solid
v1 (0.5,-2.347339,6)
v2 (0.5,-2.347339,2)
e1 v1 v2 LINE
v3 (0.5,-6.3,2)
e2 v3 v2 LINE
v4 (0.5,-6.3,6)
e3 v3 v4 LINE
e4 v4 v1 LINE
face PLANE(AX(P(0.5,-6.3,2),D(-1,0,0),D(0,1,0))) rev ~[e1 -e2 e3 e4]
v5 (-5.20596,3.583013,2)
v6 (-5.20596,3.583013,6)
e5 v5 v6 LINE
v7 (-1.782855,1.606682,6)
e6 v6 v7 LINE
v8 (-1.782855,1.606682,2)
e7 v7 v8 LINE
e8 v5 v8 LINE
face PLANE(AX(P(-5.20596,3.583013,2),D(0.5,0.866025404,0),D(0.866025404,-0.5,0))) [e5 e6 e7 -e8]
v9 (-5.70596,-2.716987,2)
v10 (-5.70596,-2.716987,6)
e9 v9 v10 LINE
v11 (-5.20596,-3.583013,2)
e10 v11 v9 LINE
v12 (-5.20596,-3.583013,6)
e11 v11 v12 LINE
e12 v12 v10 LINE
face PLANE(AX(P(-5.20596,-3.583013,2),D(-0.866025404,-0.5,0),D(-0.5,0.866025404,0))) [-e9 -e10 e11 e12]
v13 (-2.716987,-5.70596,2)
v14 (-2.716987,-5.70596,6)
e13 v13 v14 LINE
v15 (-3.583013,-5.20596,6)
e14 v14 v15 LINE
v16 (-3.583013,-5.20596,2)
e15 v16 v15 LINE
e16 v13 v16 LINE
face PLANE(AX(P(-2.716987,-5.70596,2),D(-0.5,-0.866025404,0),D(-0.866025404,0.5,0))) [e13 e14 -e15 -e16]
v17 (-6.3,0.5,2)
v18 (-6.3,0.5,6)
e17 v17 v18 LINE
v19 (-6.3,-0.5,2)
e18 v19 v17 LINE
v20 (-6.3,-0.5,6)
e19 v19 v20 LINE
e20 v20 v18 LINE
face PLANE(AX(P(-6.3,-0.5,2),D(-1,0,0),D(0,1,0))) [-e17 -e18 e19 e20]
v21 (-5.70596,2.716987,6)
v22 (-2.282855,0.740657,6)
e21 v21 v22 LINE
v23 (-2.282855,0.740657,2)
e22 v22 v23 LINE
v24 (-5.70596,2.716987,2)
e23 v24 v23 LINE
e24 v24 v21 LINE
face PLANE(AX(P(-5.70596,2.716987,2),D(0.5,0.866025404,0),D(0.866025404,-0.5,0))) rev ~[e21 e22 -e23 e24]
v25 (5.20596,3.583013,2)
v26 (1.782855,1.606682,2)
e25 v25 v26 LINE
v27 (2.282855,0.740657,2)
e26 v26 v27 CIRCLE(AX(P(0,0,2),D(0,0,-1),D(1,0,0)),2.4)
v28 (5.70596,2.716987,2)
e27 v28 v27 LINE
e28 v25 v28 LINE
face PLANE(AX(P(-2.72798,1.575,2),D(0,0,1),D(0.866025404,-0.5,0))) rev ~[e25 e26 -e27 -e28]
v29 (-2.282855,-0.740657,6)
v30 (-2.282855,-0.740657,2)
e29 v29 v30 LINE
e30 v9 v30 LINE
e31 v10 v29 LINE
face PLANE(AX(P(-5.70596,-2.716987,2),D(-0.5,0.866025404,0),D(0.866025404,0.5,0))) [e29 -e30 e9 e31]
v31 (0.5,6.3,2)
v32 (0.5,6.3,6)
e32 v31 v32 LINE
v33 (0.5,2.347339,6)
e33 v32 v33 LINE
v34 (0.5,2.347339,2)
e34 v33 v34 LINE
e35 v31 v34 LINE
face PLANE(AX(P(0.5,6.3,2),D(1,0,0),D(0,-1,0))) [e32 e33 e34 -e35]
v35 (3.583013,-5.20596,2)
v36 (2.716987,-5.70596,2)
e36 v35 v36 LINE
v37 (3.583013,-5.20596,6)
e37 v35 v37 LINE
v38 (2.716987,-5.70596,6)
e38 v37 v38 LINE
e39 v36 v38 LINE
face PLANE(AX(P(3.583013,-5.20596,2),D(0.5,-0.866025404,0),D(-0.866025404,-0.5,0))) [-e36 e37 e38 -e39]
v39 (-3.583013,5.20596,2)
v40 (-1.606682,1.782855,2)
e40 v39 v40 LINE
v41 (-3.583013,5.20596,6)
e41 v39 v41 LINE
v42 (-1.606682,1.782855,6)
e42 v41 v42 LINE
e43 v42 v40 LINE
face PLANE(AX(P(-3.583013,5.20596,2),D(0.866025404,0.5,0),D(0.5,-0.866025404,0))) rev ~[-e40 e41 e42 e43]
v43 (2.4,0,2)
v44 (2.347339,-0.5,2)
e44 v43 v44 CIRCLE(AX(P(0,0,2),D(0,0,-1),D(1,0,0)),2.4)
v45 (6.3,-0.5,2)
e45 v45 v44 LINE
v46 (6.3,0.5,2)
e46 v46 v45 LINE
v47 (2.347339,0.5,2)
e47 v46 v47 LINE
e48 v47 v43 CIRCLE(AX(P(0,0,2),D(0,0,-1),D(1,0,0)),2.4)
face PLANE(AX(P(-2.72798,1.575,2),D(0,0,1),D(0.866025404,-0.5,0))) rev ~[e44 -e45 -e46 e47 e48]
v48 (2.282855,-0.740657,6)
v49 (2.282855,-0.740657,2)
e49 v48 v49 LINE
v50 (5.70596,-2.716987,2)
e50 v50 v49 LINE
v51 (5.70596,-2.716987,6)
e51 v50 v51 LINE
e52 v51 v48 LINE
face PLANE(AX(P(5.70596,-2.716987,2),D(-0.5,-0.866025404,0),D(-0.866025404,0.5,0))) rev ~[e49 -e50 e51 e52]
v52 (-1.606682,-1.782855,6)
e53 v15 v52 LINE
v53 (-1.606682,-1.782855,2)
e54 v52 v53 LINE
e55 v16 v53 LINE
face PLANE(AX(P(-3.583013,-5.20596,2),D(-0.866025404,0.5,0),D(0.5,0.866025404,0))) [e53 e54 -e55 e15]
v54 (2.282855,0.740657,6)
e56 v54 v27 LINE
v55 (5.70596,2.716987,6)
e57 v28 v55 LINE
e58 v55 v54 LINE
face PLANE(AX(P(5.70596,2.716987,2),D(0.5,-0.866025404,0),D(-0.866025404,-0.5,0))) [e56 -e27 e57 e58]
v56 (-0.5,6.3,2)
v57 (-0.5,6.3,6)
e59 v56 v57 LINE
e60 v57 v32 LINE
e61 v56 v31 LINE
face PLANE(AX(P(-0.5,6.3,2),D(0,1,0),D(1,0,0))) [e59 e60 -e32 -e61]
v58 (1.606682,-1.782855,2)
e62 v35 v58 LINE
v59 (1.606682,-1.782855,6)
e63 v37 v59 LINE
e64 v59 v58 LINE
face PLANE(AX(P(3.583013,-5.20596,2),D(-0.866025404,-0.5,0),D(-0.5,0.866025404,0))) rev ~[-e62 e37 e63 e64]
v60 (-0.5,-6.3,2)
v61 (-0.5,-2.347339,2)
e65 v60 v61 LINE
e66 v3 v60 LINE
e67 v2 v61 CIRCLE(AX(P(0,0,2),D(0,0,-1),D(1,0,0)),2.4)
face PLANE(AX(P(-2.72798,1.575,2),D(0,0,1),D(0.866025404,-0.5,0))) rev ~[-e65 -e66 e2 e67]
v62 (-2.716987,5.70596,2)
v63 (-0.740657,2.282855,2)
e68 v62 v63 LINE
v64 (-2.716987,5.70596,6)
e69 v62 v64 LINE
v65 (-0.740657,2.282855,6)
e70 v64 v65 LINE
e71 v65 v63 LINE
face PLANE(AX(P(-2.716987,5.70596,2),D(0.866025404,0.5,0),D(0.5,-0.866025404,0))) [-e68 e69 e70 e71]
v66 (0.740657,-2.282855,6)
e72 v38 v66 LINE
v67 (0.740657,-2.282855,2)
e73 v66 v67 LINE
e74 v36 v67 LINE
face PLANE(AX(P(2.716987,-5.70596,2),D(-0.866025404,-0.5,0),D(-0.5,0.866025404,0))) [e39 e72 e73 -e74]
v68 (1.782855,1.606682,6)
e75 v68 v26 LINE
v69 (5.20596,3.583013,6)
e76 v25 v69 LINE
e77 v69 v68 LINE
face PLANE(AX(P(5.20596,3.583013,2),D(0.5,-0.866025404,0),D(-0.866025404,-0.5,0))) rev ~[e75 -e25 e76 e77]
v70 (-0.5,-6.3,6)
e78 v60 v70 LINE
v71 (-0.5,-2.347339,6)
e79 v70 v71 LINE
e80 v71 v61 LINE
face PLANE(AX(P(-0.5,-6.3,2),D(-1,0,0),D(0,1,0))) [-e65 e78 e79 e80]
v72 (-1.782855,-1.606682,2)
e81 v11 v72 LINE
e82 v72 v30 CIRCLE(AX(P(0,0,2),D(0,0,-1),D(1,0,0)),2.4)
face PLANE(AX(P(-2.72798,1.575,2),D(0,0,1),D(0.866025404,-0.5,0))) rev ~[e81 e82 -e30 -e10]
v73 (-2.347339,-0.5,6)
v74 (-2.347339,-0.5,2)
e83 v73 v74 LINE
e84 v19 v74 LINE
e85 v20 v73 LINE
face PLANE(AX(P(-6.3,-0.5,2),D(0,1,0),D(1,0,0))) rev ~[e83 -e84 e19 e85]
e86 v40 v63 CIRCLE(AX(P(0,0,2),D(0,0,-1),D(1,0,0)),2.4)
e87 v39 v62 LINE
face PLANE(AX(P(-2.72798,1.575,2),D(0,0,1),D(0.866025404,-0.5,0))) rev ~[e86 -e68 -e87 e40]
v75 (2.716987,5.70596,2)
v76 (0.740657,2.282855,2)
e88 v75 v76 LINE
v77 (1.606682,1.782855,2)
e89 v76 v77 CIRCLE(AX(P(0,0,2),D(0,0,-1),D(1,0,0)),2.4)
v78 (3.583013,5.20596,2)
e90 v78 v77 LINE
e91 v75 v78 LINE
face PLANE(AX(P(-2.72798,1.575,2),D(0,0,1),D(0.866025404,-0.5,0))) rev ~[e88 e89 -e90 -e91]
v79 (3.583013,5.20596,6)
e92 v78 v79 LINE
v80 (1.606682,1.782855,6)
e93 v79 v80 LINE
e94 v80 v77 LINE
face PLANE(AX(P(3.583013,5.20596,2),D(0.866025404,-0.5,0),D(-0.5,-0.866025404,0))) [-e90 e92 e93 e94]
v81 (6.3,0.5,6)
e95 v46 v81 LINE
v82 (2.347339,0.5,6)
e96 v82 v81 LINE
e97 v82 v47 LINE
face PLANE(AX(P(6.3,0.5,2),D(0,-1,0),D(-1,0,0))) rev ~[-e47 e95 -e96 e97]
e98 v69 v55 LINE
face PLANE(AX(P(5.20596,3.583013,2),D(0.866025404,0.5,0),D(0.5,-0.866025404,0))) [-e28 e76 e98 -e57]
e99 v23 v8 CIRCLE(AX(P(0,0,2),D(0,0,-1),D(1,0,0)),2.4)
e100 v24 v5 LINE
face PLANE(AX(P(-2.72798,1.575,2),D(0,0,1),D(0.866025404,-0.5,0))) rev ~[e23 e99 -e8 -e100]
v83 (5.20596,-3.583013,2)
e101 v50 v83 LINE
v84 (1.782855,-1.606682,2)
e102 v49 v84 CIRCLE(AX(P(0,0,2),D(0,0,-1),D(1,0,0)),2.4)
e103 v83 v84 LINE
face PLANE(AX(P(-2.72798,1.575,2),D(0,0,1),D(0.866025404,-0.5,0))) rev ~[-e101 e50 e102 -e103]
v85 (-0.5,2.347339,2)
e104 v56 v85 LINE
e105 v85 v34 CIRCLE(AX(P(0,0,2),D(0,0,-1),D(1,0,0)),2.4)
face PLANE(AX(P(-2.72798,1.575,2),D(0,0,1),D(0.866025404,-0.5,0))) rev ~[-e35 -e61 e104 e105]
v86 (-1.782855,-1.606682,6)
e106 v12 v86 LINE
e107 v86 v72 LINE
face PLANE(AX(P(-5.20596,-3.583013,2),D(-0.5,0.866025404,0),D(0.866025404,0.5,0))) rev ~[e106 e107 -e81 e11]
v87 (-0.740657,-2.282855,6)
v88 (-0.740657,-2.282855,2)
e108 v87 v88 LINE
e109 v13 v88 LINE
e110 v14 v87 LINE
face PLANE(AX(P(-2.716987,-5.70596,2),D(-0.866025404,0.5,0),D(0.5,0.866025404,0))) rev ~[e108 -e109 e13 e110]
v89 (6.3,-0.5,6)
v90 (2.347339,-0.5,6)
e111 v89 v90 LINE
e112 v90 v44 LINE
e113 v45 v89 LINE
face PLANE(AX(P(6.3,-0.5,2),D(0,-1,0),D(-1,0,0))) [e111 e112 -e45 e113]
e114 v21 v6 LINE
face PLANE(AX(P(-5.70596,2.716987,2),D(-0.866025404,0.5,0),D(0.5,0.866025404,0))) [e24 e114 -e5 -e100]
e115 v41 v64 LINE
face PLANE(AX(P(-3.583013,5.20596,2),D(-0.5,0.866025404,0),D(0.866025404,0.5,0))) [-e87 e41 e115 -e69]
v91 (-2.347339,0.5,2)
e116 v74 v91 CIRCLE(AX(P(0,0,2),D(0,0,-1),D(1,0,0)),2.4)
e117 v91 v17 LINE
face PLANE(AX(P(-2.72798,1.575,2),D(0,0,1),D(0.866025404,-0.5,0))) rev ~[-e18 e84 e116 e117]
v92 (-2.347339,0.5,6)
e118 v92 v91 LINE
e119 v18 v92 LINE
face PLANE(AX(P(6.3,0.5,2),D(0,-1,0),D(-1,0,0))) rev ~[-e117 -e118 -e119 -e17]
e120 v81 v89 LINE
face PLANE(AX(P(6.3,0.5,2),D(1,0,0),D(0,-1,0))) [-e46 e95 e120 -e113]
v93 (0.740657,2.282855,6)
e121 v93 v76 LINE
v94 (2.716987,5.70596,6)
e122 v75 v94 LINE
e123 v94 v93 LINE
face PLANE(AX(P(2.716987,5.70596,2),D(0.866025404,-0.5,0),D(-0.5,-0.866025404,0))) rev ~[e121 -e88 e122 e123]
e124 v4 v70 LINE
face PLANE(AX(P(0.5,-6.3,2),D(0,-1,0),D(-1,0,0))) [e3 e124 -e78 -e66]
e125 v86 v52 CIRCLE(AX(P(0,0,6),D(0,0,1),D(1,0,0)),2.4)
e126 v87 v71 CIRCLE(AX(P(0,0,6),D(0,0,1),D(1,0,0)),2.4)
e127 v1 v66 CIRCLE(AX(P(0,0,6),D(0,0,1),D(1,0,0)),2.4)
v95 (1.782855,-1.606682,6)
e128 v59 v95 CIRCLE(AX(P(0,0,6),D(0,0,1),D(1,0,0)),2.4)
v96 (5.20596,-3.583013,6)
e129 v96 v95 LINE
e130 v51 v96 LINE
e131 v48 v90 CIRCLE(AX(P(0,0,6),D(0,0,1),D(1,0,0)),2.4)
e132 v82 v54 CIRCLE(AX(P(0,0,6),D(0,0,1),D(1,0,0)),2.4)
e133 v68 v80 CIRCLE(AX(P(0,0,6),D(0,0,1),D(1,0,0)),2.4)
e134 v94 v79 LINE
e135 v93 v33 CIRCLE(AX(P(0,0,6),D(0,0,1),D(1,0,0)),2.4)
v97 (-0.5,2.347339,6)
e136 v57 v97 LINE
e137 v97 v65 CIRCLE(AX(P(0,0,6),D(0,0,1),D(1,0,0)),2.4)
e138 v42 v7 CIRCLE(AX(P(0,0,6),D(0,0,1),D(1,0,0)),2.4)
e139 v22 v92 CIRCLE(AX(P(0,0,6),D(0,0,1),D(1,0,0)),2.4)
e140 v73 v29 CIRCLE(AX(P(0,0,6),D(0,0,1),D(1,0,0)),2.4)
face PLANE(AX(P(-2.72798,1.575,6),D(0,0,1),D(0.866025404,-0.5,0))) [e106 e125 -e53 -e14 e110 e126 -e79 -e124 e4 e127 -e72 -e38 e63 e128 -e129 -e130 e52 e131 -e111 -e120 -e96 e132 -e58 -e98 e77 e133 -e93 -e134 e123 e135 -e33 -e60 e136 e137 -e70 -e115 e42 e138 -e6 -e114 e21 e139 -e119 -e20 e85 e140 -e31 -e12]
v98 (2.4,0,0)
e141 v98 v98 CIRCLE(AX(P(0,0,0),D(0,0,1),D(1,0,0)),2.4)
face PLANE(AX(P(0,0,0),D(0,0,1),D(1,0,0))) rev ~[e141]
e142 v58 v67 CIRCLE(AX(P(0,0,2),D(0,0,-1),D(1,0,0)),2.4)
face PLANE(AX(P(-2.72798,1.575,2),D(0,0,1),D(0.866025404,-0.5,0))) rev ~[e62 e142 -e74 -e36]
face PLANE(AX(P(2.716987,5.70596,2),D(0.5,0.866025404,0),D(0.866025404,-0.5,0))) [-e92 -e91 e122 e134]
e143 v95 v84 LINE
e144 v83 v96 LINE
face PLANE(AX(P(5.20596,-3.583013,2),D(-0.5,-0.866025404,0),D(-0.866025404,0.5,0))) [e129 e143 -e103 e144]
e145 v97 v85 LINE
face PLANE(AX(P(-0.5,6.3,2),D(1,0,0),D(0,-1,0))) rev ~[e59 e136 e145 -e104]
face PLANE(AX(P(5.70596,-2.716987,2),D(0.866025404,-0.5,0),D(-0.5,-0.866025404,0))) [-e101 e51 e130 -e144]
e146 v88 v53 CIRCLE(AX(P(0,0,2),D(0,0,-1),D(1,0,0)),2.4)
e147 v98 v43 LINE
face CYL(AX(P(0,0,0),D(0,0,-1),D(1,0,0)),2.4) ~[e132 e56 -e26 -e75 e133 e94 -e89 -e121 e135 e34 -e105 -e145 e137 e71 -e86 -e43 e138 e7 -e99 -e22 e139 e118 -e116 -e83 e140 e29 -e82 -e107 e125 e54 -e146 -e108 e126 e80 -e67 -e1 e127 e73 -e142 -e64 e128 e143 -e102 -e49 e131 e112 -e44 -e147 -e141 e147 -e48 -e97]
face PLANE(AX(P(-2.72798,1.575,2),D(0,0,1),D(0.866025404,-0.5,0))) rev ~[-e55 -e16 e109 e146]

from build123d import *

# Parameters (mm, degrees)
SKETCH_W           = 6.3
SKETCH_H           = 1
PAD_DEPTH          = 4
POLARPATTERN_COUNT = 12
CYLINDER002_R      = 2.4
CYLINDER002_DEPTH  = 6


with BuildPart() as bl_tter:
    # Sketch → Pad (new body)
    with BuildSketch(Plane.XY):
        with Locations((-3.15, 0)):
            Rectangle(SKETCH_W, SKETCH_H)
    pad = extrude(amount=PAD_DEPTH)

    # PolarPattern: Pad ×12 about axis
    polarpattern_axis = Axis((0, 0, 0), (0, 0, 1))
    for i in range(1, POLARPATTERN_COUNT):
        add(pad.rotate(polarpattern_axis, i * 360 / POLARPATTERN_COUNT))


with BuildPart() as bl_tter_1:
    # Body placement: moved
    add(bl_tter.part.moved(Location((0, 0, 2))))


with BuildPart() as schaufelr_der:
    # Cylinder002 → Cylinder002 (new body)
    with BuildSketch(Plane.XY):
        Circle(CYLINDER002_R)
    extrude(amount=CYLINDER002_DEPTH)

    # Fusion: union Blätter
    add(bl_tter_1.part)


solid = schaufelr_der.part
